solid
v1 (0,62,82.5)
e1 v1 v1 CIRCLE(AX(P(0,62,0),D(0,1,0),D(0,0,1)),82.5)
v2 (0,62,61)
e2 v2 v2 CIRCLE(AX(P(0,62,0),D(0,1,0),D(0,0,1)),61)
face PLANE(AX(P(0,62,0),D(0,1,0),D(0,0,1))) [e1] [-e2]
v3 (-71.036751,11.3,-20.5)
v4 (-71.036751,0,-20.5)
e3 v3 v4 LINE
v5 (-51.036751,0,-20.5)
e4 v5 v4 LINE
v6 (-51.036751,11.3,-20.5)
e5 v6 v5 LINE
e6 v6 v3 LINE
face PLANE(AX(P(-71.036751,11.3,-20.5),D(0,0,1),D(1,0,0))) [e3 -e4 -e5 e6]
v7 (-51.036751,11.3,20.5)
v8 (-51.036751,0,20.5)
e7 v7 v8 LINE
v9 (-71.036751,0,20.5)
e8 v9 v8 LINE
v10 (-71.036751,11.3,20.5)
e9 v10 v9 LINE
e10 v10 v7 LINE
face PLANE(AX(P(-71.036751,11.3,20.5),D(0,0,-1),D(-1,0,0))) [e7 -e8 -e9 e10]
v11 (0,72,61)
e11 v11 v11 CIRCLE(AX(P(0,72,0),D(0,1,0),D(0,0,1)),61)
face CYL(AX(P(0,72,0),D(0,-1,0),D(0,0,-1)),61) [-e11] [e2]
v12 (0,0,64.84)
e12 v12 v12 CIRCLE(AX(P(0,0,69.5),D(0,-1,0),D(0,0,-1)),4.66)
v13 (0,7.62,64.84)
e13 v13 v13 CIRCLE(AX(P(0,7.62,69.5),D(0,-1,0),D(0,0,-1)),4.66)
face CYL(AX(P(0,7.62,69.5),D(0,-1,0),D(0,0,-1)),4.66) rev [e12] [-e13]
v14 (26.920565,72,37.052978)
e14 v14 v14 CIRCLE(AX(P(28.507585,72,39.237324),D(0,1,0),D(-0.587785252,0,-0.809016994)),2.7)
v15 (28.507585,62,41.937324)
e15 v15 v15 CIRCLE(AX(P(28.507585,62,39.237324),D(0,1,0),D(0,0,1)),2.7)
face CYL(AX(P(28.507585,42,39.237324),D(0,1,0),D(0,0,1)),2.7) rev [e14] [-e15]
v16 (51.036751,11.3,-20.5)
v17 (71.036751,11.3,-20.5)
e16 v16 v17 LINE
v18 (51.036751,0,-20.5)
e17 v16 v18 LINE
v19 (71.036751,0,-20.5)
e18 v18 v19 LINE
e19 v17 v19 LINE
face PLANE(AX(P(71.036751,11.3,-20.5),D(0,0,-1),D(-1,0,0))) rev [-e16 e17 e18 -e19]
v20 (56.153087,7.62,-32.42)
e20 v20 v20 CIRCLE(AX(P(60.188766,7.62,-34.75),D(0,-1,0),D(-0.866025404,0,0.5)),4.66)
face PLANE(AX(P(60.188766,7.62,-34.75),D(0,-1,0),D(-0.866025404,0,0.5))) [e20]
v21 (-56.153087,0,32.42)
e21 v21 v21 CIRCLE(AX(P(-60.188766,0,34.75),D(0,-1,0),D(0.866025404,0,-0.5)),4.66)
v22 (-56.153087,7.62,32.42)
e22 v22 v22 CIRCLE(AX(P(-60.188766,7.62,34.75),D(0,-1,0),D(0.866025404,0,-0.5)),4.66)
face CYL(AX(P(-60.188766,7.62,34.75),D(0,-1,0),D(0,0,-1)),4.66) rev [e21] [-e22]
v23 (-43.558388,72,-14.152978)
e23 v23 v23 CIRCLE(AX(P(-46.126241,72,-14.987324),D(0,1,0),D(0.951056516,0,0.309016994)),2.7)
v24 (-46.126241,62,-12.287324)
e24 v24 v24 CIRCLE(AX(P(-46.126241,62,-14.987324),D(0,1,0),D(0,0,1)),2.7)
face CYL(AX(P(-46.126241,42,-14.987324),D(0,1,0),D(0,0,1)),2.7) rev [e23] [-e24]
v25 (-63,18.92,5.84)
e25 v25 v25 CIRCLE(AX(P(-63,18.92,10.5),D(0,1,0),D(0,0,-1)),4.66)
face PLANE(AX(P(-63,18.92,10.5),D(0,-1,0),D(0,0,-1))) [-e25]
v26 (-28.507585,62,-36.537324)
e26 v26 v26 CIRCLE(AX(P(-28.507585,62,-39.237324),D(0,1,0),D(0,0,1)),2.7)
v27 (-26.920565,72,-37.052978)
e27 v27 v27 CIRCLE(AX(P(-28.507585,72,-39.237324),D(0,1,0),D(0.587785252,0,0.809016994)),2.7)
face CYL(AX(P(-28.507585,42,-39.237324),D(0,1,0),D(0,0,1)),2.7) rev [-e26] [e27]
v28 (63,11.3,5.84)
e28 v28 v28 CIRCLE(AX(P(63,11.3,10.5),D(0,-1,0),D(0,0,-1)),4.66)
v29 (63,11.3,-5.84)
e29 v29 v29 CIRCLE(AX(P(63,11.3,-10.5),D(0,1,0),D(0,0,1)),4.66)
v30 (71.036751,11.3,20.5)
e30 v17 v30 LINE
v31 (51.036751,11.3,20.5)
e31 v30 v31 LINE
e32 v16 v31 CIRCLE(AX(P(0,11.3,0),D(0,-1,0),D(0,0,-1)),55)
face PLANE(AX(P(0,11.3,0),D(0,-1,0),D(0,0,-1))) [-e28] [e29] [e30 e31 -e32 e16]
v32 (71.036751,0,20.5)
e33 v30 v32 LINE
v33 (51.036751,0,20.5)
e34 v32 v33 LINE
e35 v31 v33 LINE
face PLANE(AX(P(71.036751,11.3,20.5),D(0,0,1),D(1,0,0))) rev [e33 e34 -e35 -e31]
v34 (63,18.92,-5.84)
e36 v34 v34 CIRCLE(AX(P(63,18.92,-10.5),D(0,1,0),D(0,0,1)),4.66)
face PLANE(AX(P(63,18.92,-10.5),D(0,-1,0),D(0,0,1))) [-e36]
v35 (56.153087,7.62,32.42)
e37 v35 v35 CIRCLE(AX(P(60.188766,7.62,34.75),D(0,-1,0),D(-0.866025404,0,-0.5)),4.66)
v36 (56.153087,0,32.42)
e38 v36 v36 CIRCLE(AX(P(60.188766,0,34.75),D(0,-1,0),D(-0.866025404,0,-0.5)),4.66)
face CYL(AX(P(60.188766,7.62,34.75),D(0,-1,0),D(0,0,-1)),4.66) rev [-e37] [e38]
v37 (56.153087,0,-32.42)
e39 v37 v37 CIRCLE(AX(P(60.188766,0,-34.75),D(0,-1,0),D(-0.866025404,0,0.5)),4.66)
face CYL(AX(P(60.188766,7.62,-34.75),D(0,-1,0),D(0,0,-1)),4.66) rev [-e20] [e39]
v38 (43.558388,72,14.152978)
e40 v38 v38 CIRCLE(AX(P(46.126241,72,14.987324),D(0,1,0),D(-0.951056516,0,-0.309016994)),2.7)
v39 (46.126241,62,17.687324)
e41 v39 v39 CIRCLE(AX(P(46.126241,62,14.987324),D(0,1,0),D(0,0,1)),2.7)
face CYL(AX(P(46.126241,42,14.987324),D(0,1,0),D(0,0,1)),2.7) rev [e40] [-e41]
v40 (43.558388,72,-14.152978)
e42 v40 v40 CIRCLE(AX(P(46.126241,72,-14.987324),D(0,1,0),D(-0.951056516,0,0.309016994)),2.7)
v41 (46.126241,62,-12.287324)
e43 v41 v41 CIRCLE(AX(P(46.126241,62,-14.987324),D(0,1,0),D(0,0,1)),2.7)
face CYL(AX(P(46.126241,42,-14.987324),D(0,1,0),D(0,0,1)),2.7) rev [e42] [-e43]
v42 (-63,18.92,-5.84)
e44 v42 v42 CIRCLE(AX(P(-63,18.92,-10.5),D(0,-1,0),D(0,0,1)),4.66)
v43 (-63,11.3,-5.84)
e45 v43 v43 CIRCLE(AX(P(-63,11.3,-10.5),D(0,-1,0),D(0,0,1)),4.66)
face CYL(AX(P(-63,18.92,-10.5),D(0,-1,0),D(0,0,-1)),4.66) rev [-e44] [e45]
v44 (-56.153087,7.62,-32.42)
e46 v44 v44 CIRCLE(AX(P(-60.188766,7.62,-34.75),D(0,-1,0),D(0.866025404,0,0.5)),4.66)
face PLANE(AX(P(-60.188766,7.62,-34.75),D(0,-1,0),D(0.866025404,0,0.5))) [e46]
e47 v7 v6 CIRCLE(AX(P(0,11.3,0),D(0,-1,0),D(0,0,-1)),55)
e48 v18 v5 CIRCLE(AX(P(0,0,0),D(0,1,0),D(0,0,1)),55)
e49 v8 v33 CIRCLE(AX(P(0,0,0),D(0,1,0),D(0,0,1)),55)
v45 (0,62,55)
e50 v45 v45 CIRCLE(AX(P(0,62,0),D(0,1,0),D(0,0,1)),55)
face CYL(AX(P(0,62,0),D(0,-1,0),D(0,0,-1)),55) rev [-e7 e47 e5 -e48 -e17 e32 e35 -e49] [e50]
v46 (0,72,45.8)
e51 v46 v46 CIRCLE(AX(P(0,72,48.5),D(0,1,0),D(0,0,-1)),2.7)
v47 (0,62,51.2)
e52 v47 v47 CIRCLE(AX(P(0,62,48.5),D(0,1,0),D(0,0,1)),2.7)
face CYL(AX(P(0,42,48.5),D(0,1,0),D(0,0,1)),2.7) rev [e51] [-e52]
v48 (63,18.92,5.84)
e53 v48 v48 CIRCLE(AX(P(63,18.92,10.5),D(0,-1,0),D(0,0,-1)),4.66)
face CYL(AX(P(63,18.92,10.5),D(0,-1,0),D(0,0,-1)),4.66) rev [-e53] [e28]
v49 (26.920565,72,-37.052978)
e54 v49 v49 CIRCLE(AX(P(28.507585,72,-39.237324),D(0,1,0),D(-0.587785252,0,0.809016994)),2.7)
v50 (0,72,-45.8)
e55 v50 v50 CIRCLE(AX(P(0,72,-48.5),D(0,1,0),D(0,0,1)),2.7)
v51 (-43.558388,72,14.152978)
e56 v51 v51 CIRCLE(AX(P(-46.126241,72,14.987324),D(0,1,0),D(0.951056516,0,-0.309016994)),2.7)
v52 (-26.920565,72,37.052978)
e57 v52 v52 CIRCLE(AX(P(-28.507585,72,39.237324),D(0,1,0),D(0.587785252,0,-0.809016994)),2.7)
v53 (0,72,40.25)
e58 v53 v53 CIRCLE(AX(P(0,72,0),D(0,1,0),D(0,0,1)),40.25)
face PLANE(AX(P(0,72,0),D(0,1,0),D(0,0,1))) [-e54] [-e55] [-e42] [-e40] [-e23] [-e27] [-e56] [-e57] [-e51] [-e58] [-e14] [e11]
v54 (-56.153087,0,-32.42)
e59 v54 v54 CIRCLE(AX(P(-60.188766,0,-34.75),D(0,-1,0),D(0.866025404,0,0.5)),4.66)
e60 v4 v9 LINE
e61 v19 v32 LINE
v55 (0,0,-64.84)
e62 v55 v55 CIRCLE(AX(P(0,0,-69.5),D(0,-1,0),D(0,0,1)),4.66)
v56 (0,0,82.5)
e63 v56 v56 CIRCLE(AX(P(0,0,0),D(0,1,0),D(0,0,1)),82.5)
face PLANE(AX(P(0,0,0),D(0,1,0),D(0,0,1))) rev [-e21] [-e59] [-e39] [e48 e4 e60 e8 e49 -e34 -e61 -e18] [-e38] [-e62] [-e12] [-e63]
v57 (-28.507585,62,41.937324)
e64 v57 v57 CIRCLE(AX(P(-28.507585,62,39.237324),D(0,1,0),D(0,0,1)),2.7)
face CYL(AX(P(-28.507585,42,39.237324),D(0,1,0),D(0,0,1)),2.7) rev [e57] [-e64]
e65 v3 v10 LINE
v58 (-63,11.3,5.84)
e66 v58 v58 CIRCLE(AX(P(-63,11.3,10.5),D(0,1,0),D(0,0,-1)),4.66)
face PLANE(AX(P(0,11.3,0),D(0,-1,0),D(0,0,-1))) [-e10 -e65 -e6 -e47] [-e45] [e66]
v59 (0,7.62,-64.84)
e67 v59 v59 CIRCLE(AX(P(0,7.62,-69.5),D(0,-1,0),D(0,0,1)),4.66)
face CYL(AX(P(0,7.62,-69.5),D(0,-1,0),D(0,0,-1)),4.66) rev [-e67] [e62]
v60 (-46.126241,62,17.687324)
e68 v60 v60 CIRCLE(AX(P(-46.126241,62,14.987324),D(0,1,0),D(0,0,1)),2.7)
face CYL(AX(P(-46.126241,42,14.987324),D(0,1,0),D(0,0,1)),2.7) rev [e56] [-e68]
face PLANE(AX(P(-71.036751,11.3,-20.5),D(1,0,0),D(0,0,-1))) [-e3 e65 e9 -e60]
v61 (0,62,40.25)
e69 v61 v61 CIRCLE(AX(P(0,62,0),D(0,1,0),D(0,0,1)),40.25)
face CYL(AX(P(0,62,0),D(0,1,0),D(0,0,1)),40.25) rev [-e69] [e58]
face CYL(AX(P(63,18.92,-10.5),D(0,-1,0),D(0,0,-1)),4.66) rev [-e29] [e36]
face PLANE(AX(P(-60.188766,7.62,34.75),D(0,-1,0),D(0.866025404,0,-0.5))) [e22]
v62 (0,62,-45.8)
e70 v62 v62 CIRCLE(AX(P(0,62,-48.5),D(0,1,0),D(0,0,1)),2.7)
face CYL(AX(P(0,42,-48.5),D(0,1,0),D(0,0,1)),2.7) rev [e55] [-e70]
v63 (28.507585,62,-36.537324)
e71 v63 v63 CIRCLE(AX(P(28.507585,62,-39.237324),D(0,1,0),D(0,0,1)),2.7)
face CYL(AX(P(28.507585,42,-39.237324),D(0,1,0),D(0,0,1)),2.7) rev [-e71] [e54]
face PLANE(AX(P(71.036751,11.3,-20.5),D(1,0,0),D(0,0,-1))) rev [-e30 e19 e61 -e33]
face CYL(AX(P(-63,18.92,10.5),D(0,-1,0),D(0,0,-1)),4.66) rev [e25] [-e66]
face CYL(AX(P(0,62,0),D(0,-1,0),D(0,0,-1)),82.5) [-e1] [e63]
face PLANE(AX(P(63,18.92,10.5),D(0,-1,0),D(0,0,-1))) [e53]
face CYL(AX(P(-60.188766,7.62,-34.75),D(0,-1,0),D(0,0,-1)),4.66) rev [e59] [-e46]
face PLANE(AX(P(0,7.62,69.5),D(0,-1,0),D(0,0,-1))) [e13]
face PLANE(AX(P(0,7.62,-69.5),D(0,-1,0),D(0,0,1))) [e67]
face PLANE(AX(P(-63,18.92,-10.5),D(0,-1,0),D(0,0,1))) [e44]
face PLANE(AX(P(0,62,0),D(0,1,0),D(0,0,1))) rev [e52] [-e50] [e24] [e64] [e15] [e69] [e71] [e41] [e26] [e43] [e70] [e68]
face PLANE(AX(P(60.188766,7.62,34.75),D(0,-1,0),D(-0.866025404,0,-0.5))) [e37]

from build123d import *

# Parameters (mm, degrees)
SKETCH1_R                                  = 82.5
SKETCH1_R_2                                = 55
BOSS_EXTRUDE1_DEPTH                        = 62
SKETCH6_R                                  = 61
BOSS_EXTRUDE4_DEPTH                        = 10
SKETCH8_R                                  = 40.25
CUT_EXTRUDE4_DEPTH                         = 10
SKETCH9_R                                  = 2.7
CUT_EXTRUDE5_DEPTH                         = 30
CIRPATTERN6_COUNT                          = 10
SKETCH10_R                                 = 4.66
CUT_EXTRUDE6_DEPTH                         = 7.62
CIRPATTERN7_COUNT                          = 6
SKETCH12_W                                 = 20
SKETCH12_H                                 = 41
CUT_EXTRUDE7_DEPTH                         = 11.3
SKETCH13_R                                 = 4.66
CUT_EXTRUDE8_DEPTH                         = 7.62
MIRROR2_AT_THE_SECOND_PLANE_COPY_1_SKETC_R = 4.66
MIRROR2_AT_THE_SECOND_PLANE_COPY_1_DEPTH   = 7.62


with BuildPart() as part:
    # Sketch1 → Boss-Extrude1 (new body)
    with BuildSketch(Plane(origin=(0, 0, 0), x_dir=(1, 0, 0), z_dir=(0, 1, 0))):
        with Locations(Location((0, 0, 0), (0, 0, 270))):
            Circle(SKETCH1_R)
        with Locations(Location((0, 0, 0), (0, 0, 270))):
            Circle(SKETCH1_R_2, mode=Mode.SUBTRACT)
    extrude(amount=BOSS_EXTRUDE1_DEPTH)

    # Sketch6 → Boss-Extrude4 (add)
    with BuildSketch(Plane(origin=(0, 62, 0), x_dir=(1, 0, 0), z_dir=(0, 1, 0))):
        with Locations(Location((0, 0, 0), (0, 0, 270))):
            Circle(SKETCH6_R)
    extrude(amount=BOSS_EXTRUDE4_DEPTH)

    # Sketch8 → Cut-Extrude4 (cut)
    with BuildSketch(Plane(origin=(0, 72, 0), x_dir=(1, 0, 0), z_dir=(0, 1, 0))):
        with Locations(Location((0, 0, 0), (0, 0, 270))):
            Circle(SKETCH8_R)
    extrude(amount=-CUT_EXTRUDE4_DEPTH, mode=Mode.SUBTRACT)

    # Sketch9 → Cut-Extrude5 (cut)
    with BuildSketch(Plane(origin=(0, 72, 0), x_dir=(1, 0, 0), z_dir=(0, 1, 0))):
        with Locations(Location((0, 48.5, 0), (0, 0, 270))):
            Circle(SKETCH9_R)
    cut_extrude5 = extrude(amount=-CUT_EXTRUDE5_DEPTH, mode=Mode.SUBTRACT)

    # CirPattern6: Cut-Extrude5 ×10 about axis
    cirpattern6_axis = Axis((0, 0, 0), (0, 1, 0))
    for i in range(1, CIRPATTERN6_COUNT):
        add(cut_extrude5.rotate(cirpattern6_axis, i * 360 / CIRPATTERN6_COUNT), mode=Mode.SUBTRACT)

    # Sketch10 → Cut-Extrude6 (cut)
    with BuildSketch(Plane.XZ):
        with Locations(Location((0, 69.5, 0), (0, 0, 270))):
            Circle(SKETCH10_R)
    cut_extrude6 = extrude(amount=-CUT_EXTRUDE6_DEPTH, mode=Mode.SUBTRACT)

    # CirPattern7: Cut-Extrude6 ×6 about axis
    cirpattern7_axis = Axis((0, 0, 0), (0, 1, 0))
    for i in range(1, CIRPATTERN7_COUNT):
        add(cut_extrude6.rotate(cirpattern7_axis, i * 360 / CIRPATTERN7_COUNT), mode=Mode.SUBTRACT)

    # Sketch12 → Cut-Extrude7 (cut)
    with BuildSketch(Plane.XZ):
        with Locations((61.036751464, 0)):
            Rectangle(SKETCH12_W, SKETCH12_H)
    cut_extrude7 = extrude(amount=-CUT_EXTRUDE7_DEPTH, mode=Mode.SUBTRACT)

    # Mirror1: Cut-Extrude7 across plane
    add(cut_extrude7.mirror(Plane(origin=(0, 0, 0), x_dir=(0, 0, 1), z_dir=(1, 0, 0))), mode=Mode.SUBTRACT)

    # Sketch13 → Cut-Extrude8 (cut)
    with BuildSketch(Plane.XZ.offset(-11.3)):
        with Locations(Location((63, 10.5, 0), (0, 0, 270))):
            Circle(SKETCH13_R)
    cut_extrude8 = extrude(amount=-CUT_EXTRUDE8_DEPTH, mode=Mode.SUBTRACT)

    # Mirror2: Cut-Extrude8 across plane
    add(cut_extrude8.mirror(Plane(origin=(0, 0, 0), x_dir=(0, 0, 1), z_dir=(1, 0, 0))), mode=Mode.SUBTRACT)

    # Mirror2 at the second plane: Cut-Extrude8 across plane
    add(cut_extrude8.mirror(Plane.XY), mode=Mode.SUBTRACT)

    # Mirror2 at the second plane copy 1 sketc → Mirror2 at the second plane copy 1 (cut)
    with BuildSketch(Plane(origin=(0, 11.3, 0), x_dir=(-1, 0, 0), z_dir=(0, -1, 0))):
        with Locations(Location((63, 10.5, 0), (0, 0, 270))):
            Circle(MIRROR2_AT_THE_SECOND_PLANE_COPY_1_SKETC_R)
    extrude(amount=-MIRROR2_AT_THE_SECOND_PLANE_COPY_1_DEPTH, mode=Mode.SUBTRACT)


solid = part.part
